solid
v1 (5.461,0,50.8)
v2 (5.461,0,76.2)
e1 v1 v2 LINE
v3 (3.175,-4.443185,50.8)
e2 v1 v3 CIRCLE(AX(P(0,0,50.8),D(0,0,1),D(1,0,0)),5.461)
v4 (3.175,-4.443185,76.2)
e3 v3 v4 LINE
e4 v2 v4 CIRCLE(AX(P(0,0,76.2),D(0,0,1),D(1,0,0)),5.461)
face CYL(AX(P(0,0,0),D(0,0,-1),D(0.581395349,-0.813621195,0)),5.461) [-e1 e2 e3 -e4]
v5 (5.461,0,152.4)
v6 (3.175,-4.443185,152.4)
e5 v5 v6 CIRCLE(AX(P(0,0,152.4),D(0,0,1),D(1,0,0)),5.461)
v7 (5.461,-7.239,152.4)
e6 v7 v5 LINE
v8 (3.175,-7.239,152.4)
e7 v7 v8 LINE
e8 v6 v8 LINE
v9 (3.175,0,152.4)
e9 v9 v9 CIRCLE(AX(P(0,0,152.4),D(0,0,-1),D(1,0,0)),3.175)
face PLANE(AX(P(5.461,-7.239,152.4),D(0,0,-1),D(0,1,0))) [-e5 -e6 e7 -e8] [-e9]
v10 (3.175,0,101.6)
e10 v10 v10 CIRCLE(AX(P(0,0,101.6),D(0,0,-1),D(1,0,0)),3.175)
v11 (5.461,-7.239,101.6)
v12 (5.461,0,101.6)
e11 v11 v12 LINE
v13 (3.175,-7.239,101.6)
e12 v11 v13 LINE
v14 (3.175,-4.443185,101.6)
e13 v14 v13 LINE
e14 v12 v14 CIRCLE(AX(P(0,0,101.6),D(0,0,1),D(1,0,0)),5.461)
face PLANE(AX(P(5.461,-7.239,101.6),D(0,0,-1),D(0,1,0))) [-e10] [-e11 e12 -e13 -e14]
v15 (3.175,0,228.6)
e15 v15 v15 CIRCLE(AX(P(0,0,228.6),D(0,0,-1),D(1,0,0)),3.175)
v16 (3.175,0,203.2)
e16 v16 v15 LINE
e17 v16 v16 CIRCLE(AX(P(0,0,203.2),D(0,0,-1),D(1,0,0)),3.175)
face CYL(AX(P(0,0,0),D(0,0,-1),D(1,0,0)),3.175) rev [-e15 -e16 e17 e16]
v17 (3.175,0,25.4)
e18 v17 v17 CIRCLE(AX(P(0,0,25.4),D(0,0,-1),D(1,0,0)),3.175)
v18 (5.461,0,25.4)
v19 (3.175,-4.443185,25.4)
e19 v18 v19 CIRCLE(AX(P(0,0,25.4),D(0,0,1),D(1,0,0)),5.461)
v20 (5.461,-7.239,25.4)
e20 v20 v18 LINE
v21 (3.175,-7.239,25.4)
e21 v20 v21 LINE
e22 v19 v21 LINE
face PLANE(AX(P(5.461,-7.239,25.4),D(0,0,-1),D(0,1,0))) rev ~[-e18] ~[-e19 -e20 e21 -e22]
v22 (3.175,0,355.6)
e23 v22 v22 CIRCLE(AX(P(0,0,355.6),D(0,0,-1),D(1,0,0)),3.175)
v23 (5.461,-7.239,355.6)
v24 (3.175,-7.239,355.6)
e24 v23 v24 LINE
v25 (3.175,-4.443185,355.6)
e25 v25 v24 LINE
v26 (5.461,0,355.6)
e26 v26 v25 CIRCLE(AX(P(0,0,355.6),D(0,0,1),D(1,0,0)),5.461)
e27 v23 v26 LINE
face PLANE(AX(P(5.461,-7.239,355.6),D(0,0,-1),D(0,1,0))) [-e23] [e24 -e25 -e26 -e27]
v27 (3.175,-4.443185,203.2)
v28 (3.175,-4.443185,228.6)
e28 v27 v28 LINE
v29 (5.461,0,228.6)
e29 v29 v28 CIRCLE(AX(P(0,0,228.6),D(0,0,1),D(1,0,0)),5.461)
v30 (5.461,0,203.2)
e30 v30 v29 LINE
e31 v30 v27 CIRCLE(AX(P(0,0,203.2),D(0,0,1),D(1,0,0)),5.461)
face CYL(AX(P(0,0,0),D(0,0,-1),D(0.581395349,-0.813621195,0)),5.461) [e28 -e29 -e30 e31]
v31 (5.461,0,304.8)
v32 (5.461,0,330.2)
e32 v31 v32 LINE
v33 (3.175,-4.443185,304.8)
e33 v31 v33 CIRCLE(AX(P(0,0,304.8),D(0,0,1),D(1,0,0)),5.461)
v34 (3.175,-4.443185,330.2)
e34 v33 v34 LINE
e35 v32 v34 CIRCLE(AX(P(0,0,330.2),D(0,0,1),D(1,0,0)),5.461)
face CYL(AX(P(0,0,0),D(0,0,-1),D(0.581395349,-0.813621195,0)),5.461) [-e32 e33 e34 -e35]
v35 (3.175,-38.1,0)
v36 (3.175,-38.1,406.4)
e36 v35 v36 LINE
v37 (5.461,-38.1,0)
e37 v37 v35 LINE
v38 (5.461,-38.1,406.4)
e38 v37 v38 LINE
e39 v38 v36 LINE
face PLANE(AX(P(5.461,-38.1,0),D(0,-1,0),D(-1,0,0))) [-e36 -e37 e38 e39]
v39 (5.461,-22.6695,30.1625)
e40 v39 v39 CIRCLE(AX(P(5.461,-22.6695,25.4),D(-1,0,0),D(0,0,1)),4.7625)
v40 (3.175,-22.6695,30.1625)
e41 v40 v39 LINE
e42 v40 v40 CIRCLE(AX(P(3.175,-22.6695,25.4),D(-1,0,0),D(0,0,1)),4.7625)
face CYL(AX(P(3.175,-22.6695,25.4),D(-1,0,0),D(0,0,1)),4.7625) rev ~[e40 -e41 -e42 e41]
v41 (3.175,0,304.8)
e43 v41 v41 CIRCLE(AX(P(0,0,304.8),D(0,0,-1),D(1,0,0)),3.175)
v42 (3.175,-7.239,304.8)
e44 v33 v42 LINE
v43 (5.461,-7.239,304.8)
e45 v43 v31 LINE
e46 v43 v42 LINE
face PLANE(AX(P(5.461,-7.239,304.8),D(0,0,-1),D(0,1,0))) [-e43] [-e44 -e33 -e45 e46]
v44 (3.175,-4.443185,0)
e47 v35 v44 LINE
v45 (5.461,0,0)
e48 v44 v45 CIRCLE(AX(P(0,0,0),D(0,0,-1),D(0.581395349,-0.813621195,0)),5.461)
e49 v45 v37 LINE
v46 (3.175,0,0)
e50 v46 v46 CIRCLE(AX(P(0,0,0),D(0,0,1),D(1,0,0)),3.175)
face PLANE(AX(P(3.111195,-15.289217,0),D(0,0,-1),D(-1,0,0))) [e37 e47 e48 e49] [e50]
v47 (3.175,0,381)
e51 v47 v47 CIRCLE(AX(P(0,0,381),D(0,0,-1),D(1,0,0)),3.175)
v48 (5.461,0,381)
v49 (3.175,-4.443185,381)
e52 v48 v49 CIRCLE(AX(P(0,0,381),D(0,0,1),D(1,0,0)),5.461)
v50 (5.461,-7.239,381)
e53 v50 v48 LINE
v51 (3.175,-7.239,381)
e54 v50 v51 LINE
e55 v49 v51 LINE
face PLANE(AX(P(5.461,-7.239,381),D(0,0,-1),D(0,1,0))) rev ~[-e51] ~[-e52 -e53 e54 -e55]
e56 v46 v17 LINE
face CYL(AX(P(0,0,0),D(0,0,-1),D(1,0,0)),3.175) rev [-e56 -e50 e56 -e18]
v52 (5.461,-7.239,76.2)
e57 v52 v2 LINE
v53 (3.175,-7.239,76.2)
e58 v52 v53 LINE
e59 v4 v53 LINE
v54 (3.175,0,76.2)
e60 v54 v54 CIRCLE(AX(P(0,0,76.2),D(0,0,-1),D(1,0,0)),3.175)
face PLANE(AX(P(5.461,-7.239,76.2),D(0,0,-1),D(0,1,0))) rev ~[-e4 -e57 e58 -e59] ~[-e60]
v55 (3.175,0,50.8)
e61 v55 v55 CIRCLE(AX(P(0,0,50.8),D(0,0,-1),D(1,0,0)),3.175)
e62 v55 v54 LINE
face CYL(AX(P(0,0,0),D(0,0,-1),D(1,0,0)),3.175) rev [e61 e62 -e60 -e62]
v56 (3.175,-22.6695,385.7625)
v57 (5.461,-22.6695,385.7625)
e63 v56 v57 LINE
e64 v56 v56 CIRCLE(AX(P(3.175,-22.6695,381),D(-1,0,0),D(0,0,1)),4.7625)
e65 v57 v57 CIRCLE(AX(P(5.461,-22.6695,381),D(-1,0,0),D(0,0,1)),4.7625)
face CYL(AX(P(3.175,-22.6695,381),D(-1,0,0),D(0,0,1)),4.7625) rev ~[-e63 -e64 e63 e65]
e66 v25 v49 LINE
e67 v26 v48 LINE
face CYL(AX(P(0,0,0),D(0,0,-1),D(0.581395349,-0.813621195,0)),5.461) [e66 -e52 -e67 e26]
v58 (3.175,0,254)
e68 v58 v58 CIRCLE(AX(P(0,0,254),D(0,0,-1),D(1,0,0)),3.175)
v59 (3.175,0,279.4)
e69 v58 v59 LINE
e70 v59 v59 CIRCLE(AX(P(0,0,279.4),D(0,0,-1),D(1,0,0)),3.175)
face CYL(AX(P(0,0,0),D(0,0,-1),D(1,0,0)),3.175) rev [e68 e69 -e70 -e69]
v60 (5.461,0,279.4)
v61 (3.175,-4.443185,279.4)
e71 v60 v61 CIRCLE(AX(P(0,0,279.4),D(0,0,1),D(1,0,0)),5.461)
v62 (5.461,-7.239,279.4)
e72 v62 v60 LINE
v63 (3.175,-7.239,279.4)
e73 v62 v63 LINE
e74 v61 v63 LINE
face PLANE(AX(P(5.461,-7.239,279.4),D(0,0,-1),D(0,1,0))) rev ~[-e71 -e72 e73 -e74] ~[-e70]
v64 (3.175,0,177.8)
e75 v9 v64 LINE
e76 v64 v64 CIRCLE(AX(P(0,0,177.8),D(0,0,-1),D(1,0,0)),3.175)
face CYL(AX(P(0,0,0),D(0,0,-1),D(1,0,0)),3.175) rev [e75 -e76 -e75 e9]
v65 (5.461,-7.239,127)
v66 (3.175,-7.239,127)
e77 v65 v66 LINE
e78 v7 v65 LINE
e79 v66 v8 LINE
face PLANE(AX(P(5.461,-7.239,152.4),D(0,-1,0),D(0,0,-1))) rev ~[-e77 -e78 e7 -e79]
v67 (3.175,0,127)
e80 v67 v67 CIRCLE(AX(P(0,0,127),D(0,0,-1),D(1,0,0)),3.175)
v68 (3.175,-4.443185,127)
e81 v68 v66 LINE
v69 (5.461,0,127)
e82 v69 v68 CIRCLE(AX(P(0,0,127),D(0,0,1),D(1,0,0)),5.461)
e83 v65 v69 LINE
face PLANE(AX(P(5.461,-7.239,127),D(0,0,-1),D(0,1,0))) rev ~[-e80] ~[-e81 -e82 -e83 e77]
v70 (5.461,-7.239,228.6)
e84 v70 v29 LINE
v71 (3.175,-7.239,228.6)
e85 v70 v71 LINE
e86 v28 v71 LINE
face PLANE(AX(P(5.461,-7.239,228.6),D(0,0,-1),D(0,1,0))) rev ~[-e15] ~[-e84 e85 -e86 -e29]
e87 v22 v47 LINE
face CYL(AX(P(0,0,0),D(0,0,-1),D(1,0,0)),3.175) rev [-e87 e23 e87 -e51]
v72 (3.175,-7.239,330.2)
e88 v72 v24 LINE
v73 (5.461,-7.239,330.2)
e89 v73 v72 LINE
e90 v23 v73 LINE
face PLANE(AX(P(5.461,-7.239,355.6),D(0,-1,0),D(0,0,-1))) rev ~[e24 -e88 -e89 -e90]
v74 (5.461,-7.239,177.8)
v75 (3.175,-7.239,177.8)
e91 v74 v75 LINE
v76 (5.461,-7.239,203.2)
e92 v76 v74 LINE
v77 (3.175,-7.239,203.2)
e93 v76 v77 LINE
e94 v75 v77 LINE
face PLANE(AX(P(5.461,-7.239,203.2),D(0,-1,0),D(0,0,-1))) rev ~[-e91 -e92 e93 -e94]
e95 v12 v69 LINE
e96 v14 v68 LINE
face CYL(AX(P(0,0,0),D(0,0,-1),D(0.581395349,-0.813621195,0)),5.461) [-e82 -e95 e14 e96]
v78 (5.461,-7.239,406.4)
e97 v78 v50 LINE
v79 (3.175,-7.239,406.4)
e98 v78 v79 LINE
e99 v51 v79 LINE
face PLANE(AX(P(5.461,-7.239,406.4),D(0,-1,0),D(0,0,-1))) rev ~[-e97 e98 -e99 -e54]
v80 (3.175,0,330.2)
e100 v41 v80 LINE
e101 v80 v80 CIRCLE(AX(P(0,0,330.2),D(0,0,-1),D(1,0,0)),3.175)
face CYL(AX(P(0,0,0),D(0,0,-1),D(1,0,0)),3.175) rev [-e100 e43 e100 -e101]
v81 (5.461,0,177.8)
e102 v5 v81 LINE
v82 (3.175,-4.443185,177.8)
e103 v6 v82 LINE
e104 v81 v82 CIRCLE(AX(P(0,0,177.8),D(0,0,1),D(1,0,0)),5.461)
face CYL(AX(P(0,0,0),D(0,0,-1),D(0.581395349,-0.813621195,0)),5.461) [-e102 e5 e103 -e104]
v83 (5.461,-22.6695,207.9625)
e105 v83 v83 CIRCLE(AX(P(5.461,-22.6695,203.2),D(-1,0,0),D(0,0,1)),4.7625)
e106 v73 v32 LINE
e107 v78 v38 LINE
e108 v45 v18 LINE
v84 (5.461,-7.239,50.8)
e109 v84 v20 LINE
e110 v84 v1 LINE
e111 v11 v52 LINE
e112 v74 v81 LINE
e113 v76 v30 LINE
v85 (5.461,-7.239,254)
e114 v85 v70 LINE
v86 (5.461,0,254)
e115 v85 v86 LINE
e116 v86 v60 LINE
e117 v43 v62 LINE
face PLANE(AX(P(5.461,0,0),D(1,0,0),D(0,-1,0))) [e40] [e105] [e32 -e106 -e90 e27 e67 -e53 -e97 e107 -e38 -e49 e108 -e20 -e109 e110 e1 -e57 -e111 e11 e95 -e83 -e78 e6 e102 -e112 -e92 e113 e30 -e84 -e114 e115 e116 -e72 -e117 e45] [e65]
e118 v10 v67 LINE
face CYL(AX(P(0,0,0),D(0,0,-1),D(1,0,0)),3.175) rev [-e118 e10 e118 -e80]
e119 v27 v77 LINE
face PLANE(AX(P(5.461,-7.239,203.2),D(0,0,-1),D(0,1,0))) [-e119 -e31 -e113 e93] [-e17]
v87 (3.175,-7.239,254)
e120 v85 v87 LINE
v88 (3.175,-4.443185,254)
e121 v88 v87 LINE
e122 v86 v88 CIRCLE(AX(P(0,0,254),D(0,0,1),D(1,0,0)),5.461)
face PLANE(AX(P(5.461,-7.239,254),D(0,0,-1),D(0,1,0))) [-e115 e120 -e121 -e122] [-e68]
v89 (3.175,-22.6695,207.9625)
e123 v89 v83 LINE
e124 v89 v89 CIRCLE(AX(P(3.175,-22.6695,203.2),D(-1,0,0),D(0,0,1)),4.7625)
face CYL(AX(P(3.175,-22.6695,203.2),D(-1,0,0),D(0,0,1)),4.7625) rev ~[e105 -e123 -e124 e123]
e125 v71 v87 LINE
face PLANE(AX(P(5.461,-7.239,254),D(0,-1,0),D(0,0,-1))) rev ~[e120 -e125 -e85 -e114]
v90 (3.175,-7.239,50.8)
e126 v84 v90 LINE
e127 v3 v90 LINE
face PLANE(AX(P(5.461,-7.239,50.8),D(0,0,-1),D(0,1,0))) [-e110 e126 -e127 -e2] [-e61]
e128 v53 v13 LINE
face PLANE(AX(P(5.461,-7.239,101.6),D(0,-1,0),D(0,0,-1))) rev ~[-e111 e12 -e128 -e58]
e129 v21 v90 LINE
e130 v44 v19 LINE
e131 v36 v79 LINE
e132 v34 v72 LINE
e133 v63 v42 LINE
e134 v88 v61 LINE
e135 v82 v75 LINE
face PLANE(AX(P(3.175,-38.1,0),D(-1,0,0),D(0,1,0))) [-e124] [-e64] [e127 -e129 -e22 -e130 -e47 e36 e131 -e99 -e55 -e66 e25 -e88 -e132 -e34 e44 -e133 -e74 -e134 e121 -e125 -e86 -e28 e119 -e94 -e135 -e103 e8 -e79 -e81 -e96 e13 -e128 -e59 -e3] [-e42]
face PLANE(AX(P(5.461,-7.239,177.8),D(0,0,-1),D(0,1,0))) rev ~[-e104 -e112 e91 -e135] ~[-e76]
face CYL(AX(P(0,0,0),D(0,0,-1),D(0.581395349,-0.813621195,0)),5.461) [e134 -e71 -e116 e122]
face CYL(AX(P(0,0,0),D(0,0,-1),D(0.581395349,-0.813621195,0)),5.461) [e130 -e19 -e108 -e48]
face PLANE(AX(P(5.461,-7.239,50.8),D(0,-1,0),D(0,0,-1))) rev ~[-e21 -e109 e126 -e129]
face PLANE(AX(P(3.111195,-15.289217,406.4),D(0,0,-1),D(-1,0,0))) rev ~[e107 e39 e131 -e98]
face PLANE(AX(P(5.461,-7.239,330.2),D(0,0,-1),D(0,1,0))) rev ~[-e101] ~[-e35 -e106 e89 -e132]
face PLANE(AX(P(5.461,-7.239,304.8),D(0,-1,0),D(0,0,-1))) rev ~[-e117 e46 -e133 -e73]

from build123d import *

# Parameters (mm, degrees)
SKETCH1_R           = 3.175
BOSS_EXTRUDE1_DEPTH = 406.4
SKETCH2_W           = 25.4
SKETCH2_H           = 12.7
CUT_EXTRUDE1_DEPTH  = 11.922
LPATTERN1_COUNT     = 8
LPATTERN1_PITCH     = 50.8
SKETCH3_R           = 4.7625
CUT_EXTRUDE2_DEPTH  = 3.286


with BuildPart() as part:
    # Sketch1 → Boss-Extrude1 (new body)
    with BuildSketch(Plane.XY):
        with BuildLine():
            Line((5.461, 0), (5.461, -38.1))
            Line((5.461, -38.1), (3.175, -38.1))
            Line((3.175, -38.1), (3.175, -4.443185344))
            ThreePointArc((3.175, -4.443185344), (-4.855985791, 2.498384078), (5.461, 0))
        make_face()
        Circle(SKETCH1_R, mode=Mode.SUBTRACT)
    extrude(amount=BOSS_EXTRUDE1_DEPTH)

    # Sketch2 → Cut-Extrude1 (cut, through all)
    with BuildSketch(Plane(origin=(5.461, 0, 0), x_dir=(0, 0, -1), z_dir=(1, 0, 0))):
        with Locations((-393.7, -0.889)):
            Rectangle(SKETCH2_W, SKETCH2_H)
    cut_extrude1 = extrude(amount=-CUT_EXTRUDE1_DEPTH, mode=Mode.SUBTRACT)

    # LPattern1: Cut-Extrude1 ×8
    with Locations(*[(0, 0, -i * LPATTERN1_PITCH) for i in range(1, LPATTERN1_COUNT)]):
        add(cut_extrude1, mode=Mode.SUBTRACT)

    # Sketch3 → Cut-Extrude2 (cut, through all)
    with BuildSketch(Plane.ZY.offset(-3.175)):
        with Locations((25.4, -22.6695)):
            Circle(SKETCH3_R)
        with Locations((203.2, -22.6695)):
            Circle(SKETCH3_R)
        with Locations((381, -22.6695)):
            Circle(SKETCH3_R)
    extrude(amount=-CUT_EXTRUDE2_DEPTH, mode=Mode.SUBTRACT)


solid = part.part
